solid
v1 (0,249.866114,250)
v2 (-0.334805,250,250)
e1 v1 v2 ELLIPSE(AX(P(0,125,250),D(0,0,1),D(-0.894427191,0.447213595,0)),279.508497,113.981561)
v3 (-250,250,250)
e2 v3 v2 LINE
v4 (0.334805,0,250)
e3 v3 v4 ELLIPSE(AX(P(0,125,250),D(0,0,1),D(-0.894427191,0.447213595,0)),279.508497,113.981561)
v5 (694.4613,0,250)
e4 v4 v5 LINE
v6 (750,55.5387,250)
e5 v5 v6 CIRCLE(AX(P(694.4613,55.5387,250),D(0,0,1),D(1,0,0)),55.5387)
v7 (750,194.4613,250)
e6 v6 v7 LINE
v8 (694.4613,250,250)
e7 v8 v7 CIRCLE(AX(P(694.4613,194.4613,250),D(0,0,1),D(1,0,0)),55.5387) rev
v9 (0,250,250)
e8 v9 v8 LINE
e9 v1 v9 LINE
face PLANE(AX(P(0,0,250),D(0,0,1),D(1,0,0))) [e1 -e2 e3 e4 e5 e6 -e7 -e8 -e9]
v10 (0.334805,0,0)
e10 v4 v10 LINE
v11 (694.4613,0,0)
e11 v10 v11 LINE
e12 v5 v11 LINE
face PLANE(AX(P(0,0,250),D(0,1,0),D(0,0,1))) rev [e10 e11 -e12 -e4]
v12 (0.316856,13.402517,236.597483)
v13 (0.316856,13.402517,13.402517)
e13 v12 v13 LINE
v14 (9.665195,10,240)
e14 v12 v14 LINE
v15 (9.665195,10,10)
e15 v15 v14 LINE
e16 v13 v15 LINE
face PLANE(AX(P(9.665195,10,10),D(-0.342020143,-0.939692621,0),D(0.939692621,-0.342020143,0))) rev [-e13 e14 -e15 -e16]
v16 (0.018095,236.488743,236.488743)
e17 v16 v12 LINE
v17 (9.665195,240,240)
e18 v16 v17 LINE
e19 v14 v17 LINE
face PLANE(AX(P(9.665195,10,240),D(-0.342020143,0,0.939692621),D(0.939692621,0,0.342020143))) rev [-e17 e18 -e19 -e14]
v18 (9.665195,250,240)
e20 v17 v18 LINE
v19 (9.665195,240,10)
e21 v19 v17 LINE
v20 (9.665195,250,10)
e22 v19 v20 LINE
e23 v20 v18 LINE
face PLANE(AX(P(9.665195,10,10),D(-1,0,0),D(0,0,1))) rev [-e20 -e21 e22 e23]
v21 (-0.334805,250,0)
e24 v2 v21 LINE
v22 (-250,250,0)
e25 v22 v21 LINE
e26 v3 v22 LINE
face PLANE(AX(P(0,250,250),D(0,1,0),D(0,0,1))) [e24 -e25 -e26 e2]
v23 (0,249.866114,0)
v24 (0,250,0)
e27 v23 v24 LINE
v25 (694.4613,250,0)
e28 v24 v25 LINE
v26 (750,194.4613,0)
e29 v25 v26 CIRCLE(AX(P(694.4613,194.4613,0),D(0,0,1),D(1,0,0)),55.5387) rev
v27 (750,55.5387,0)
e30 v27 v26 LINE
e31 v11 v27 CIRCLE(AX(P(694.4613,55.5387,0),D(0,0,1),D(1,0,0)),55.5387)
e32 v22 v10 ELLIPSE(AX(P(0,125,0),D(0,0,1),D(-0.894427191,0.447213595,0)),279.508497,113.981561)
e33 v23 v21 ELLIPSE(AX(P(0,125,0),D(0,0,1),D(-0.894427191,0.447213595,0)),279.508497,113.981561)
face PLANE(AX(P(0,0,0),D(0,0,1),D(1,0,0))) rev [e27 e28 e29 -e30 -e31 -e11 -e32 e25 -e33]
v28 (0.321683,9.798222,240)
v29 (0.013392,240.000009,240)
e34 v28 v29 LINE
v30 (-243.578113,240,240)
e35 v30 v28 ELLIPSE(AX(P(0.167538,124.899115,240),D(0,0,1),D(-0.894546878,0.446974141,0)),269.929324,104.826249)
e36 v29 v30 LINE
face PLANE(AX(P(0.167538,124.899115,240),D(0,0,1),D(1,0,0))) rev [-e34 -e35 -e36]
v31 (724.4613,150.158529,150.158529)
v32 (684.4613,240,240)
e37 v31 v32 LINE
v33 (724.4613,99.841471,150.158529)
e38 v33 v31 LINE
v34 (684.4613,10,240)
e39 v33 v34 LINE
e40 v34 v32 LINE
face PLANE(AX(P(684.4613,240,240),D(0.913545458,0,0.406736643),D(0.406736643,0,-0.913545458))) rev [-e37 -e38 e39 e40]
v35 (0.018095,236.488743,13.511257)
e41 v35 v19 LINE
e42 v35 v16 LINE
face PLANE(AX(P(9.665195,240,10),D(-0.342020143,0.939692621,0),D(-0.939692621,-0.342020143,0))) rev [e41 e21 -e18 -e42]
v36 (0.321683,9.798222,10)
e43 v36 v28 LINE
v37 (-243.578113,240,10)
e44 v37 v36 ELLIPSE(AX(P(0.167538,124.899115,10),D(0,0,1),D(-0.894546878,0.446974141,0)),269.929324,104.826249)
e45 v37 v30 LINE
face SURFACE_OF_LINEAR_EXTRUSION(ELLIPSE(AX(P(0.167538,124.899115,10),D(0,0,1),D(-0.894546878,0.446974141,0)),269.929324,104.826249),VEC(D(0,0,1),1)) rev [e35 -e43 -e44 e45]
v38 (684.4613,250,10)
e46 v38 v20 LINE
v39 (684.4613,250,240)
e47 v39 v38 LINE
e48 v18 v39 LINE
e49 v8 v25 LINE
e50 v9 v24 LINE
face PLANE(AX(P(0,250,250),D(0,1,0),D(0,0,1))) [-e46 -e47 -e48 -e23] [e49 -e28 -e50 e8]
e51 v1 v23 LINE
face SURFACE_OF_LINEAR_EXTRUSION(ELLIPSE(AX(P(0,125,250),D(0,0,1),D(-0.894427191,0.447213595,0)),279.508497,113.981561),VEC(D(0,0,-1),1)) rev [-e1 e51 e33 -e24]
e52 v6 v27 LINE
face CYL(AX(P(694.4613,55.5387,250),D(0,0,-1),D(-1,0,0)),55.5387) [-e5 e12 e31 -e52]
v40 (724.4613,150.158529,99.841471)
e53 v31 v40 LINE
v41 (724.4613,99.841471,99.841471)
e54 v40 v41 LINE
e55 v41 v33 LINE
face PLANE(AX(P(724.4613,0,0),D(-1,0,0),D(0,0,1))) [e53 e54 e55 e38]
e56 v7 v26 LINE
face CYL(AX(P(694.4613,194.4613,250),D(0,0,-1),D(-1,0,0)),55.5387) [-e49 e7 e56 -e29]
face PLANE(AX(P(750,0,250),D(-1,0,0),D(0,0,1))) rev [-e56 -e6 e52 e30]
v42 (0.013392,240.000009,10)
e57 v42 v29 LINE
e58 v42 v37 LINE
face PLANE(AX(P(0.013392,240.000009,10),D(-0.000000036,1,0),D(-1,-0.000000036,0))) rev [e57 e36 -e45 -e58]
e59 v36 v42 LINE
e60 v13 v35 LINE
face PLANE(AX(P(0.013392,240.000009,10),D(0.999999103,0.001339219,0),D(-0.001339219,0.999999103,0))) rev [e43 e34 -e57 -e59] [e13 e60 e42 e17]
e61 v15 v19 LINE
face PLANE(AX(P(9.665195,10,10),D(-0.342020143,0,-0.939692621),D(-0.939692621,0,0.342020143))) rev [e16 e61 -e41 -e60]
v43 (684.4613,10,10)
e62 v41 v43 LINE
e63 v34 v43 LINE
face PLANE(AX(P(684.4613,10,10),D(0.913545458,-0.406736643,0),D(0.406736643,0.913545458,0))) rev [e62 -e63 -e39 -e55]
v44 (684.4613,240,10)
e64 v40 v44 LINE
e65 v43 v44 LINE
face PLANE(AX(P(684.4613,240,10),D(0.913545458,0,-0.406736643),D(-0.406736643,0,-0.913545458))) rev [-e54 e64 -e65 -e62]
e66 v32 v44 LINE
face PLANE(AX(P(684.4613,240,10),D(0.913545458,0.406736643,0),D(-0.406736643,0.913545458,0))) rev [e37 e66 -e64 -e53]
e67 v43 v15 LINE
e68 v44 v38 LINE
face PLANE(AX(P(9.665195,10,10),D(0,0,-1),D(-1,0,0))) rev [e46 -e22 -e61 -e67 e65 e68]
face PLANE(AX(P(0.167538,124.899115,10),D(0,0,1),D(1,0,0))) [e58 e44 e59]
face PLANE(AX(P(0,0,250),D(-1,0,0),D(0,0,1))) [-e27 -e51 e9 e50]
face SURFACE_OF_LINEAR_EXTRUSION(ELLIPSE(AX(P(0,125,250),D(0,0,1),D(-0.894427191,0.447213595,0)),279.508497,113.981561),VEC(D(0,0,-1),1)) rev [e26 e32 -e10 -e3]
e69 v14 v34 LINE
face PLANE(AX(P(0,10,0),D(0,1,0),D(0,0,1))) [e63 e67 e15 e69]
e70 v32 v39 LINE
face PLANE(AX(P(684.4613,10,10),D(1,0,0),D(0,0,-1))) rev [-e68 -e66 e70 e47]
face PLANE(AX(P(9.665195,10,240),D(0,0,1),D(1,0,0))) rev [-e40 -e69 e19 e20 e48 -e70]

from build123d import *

# Parameters (mm, degrees)
BOSS_EXTRU_1_DEPTH      = 250
ESQUISSE2_W             = 674.796104683
ESQUISSE2_H             = 230
ENL_V_MAT_EXTRU_1_DEPTH = 240
ESQUISSE3_W             = 230
ESQUISSE3_H             = 230
ENL_V_MAT_EXTRU_2_DEPTH = 40
ENL_V_MAT_EXTRU_2_DRAFT = -66
ENL_V_START             = -10
ENL_V_MAT_EXTRU_6_DEPTH = 230
ESQUISSE7_W             = 230
ESQUISSE7_H             = 230
ENL_V_MAT_EXTRU_7_DEPTH = 20
ENL_V_MAT_EXTRU_7_DRAFT = -20


with BuildPart() as part:
    # Esquisse1 → Boss.-Extru.1 (new body)
    with BuildSketch(Plane.XY):
        with BuildLine():
            add(Edge.make_bspline(
                [(0, 0.133886157), (0.167402546, 0.066889297), (0.334804949, 0)],
                knots=[1.771746973, 1.771746973, 1.771746973, 1.773247838, 1.773247838, 1.773247838], degree=2, weights=[0.999377636, 0.999688554, 1]))
            Line((0.334804949, 0), (694.461299734, 0))
            ThreePointArc((694.461299734, 0), (733.73309131, 16.26690869), (750, 55.538700266))
            Line((750, 55.538700266), (750, 194.461299734))
            ThreePointArc((750, 194.461299734), (733.73309131, 233.73309131), (694.461299734, 250))
            Line((694.461299734, 250), (0, 250))
            Line((0, 250), (0, 249.866113843))
            add(Edge.make_bspline(
                [(0, 249.866113843), (-0.167402546, 249.933110703), (-0.334804949, 250)],
                knots=[4.913528271, 4.913528271, 4.913528271, 4.914840492, 4.914840492, 4.914840492], degree=2, weights=[1, 0.999999785, 1]))
            Line((-0.334804949, 250), (-250, 250))
            add(Edge.make_bspline(
                [(-250, 250), (-312.416343553, 125.167312895), (0, 0.133886157)],
                knots=[0, 0, 0, 1.771746973, 1.771746973, 1.771746973], degree=2, weights=[1, 0.632343338, 0.999377636]))
        make_face()
    extrude(amount=BOSS_EXTRU_1_DEPTH)

    # Esquisse2 → Enlèv. mat.-Extru.1 (cut)
    with BuildSketch(Plane(origin=(0, 250, 0), x_dir=(1, 0, 0), z_dir=(0, 1, 0))):
        with Locations((347.063247392, -125)):
            Rectangle(ESQUISSE2_W, ESQUISSE2_H)
    extrude(amount=-ENL_V_MAT_EXTRU_1_DEPTH, mode=Mode.SUBTRACT)


with BuildPart() as enl_v_mat_extru_2_tool:
    # Esquisse3 → Enlèv. mat.-Extru.2 (with draft: the straight prism first)
    with BuildSketch(Plane.ZY.offset(-684.461299734)):
        with Locations((125, 125)):
            Rectangle(ESQUISSE3_W, ESQUISSE3_H)
    extrude(amount=-ENL_V_MAT_EXTRU_2_DEPTH)
    # Enlèv. mat.-Extru.2: the draft: its side faces are tilted about the plane it starts from
    enl_v_mat_extru_2_sides = [enl_v_mat_extru_2_tool.faces().sort_by_distance(p)[0] for p in [
        (704.461299734, 125, 10),
        (704.461299734, 10, 125),
        (704.461299734, 125, 240),
        (704.461299734, 240, 125),
    ]]
    draft(enl_v_mat_extru_2_sides, Plane.ZY.offset(-684.461299734), ENL_V_MAT_EXTRU_2_DRAFT)


with BuildPart() as part_1:
    add(part.part)

    # Enlèv. mat.-Extru.2: cut by enl_v_mat_extru_2_tool
    add(enl_v_mat_extru_2_tool.part, mode=Mode.SUBTRACT)

    # Esquisse5 → Enlèv. mat.-Extru.6 (cut)
    with BuildSketch(Plane.XY.offset(250).offset(ENL_V_START)):
        with BuildLine():
            Line((0.013392186, 240.000008968), (0.321682976, 9.798221826))
            add(Edge.make_bspline(
                [(-243.578112703, 240.000000104), (-281.360738576, 124.899105152), (0.321682976, 9.798221826)],
                knots=[0.057124258, 0.057124258, 0.057124258, 1.763084739, 1.763084739, 1.763084739], degree=2, weights=[1, 0.657741222, 1]))
            Line((-243.578112703, 240.000000104), (0.013392186, 240.000008968))
        make_face()
    extrude(amount=-ENL_V_MAT_EXTRU_6_DEPTH, mode=Mode.SUBTRACT)


with BuildPart() as enl_v_mat_extru_7_tool:
    # Esquisse7 → Enlèv. mat.-Extru.7 (with draft: the straight prism first)
    with BuildSketch(Plane(origin=(9.665195051, 0, 0), x_dir=(0, 0, -1), z_dir=(1, 0, 0))):
        with Locations((-125, 125)):
            Rectangle(ESQUISSE7_W, ESQUISSE7_H)
    extrude(amount=-ENL_V_MAT_EXTRU_7_DEPTH)
    # Enlèv. mat.-Extru.7: the draft: its side faces are tilted about the plane it starts from
    enl_v_mat_extru_7_sides = [enl_v_mat_extru_7_tool.faces().sort_by_distance(p)[0] for p in [
        (-0.334804949, 125, 10),
        (-0.334804949, 240, 125),
        (-0.334804949, 125, 240),
        (-0.334804949, 10, 125),
    ]]
    draft(enl_v_mat_extru_7_sides, Plane(origin=(9.665195051, 0, 0), x_dir=(0, 0, -1), z_dir=(1, 0, 0)), ENL_V_MAT_EXTRU_7_DRAFT)


with BuildPart() as part_2:
    add(part_1.part)

    # Enlèv. mat.-Extru.7: cut by enl_v_mat_extru_7_tool
    add(enl_v_mat_extru_7_tool.part, mode=Mode.SUBTRACT)


solid = part_2.part
